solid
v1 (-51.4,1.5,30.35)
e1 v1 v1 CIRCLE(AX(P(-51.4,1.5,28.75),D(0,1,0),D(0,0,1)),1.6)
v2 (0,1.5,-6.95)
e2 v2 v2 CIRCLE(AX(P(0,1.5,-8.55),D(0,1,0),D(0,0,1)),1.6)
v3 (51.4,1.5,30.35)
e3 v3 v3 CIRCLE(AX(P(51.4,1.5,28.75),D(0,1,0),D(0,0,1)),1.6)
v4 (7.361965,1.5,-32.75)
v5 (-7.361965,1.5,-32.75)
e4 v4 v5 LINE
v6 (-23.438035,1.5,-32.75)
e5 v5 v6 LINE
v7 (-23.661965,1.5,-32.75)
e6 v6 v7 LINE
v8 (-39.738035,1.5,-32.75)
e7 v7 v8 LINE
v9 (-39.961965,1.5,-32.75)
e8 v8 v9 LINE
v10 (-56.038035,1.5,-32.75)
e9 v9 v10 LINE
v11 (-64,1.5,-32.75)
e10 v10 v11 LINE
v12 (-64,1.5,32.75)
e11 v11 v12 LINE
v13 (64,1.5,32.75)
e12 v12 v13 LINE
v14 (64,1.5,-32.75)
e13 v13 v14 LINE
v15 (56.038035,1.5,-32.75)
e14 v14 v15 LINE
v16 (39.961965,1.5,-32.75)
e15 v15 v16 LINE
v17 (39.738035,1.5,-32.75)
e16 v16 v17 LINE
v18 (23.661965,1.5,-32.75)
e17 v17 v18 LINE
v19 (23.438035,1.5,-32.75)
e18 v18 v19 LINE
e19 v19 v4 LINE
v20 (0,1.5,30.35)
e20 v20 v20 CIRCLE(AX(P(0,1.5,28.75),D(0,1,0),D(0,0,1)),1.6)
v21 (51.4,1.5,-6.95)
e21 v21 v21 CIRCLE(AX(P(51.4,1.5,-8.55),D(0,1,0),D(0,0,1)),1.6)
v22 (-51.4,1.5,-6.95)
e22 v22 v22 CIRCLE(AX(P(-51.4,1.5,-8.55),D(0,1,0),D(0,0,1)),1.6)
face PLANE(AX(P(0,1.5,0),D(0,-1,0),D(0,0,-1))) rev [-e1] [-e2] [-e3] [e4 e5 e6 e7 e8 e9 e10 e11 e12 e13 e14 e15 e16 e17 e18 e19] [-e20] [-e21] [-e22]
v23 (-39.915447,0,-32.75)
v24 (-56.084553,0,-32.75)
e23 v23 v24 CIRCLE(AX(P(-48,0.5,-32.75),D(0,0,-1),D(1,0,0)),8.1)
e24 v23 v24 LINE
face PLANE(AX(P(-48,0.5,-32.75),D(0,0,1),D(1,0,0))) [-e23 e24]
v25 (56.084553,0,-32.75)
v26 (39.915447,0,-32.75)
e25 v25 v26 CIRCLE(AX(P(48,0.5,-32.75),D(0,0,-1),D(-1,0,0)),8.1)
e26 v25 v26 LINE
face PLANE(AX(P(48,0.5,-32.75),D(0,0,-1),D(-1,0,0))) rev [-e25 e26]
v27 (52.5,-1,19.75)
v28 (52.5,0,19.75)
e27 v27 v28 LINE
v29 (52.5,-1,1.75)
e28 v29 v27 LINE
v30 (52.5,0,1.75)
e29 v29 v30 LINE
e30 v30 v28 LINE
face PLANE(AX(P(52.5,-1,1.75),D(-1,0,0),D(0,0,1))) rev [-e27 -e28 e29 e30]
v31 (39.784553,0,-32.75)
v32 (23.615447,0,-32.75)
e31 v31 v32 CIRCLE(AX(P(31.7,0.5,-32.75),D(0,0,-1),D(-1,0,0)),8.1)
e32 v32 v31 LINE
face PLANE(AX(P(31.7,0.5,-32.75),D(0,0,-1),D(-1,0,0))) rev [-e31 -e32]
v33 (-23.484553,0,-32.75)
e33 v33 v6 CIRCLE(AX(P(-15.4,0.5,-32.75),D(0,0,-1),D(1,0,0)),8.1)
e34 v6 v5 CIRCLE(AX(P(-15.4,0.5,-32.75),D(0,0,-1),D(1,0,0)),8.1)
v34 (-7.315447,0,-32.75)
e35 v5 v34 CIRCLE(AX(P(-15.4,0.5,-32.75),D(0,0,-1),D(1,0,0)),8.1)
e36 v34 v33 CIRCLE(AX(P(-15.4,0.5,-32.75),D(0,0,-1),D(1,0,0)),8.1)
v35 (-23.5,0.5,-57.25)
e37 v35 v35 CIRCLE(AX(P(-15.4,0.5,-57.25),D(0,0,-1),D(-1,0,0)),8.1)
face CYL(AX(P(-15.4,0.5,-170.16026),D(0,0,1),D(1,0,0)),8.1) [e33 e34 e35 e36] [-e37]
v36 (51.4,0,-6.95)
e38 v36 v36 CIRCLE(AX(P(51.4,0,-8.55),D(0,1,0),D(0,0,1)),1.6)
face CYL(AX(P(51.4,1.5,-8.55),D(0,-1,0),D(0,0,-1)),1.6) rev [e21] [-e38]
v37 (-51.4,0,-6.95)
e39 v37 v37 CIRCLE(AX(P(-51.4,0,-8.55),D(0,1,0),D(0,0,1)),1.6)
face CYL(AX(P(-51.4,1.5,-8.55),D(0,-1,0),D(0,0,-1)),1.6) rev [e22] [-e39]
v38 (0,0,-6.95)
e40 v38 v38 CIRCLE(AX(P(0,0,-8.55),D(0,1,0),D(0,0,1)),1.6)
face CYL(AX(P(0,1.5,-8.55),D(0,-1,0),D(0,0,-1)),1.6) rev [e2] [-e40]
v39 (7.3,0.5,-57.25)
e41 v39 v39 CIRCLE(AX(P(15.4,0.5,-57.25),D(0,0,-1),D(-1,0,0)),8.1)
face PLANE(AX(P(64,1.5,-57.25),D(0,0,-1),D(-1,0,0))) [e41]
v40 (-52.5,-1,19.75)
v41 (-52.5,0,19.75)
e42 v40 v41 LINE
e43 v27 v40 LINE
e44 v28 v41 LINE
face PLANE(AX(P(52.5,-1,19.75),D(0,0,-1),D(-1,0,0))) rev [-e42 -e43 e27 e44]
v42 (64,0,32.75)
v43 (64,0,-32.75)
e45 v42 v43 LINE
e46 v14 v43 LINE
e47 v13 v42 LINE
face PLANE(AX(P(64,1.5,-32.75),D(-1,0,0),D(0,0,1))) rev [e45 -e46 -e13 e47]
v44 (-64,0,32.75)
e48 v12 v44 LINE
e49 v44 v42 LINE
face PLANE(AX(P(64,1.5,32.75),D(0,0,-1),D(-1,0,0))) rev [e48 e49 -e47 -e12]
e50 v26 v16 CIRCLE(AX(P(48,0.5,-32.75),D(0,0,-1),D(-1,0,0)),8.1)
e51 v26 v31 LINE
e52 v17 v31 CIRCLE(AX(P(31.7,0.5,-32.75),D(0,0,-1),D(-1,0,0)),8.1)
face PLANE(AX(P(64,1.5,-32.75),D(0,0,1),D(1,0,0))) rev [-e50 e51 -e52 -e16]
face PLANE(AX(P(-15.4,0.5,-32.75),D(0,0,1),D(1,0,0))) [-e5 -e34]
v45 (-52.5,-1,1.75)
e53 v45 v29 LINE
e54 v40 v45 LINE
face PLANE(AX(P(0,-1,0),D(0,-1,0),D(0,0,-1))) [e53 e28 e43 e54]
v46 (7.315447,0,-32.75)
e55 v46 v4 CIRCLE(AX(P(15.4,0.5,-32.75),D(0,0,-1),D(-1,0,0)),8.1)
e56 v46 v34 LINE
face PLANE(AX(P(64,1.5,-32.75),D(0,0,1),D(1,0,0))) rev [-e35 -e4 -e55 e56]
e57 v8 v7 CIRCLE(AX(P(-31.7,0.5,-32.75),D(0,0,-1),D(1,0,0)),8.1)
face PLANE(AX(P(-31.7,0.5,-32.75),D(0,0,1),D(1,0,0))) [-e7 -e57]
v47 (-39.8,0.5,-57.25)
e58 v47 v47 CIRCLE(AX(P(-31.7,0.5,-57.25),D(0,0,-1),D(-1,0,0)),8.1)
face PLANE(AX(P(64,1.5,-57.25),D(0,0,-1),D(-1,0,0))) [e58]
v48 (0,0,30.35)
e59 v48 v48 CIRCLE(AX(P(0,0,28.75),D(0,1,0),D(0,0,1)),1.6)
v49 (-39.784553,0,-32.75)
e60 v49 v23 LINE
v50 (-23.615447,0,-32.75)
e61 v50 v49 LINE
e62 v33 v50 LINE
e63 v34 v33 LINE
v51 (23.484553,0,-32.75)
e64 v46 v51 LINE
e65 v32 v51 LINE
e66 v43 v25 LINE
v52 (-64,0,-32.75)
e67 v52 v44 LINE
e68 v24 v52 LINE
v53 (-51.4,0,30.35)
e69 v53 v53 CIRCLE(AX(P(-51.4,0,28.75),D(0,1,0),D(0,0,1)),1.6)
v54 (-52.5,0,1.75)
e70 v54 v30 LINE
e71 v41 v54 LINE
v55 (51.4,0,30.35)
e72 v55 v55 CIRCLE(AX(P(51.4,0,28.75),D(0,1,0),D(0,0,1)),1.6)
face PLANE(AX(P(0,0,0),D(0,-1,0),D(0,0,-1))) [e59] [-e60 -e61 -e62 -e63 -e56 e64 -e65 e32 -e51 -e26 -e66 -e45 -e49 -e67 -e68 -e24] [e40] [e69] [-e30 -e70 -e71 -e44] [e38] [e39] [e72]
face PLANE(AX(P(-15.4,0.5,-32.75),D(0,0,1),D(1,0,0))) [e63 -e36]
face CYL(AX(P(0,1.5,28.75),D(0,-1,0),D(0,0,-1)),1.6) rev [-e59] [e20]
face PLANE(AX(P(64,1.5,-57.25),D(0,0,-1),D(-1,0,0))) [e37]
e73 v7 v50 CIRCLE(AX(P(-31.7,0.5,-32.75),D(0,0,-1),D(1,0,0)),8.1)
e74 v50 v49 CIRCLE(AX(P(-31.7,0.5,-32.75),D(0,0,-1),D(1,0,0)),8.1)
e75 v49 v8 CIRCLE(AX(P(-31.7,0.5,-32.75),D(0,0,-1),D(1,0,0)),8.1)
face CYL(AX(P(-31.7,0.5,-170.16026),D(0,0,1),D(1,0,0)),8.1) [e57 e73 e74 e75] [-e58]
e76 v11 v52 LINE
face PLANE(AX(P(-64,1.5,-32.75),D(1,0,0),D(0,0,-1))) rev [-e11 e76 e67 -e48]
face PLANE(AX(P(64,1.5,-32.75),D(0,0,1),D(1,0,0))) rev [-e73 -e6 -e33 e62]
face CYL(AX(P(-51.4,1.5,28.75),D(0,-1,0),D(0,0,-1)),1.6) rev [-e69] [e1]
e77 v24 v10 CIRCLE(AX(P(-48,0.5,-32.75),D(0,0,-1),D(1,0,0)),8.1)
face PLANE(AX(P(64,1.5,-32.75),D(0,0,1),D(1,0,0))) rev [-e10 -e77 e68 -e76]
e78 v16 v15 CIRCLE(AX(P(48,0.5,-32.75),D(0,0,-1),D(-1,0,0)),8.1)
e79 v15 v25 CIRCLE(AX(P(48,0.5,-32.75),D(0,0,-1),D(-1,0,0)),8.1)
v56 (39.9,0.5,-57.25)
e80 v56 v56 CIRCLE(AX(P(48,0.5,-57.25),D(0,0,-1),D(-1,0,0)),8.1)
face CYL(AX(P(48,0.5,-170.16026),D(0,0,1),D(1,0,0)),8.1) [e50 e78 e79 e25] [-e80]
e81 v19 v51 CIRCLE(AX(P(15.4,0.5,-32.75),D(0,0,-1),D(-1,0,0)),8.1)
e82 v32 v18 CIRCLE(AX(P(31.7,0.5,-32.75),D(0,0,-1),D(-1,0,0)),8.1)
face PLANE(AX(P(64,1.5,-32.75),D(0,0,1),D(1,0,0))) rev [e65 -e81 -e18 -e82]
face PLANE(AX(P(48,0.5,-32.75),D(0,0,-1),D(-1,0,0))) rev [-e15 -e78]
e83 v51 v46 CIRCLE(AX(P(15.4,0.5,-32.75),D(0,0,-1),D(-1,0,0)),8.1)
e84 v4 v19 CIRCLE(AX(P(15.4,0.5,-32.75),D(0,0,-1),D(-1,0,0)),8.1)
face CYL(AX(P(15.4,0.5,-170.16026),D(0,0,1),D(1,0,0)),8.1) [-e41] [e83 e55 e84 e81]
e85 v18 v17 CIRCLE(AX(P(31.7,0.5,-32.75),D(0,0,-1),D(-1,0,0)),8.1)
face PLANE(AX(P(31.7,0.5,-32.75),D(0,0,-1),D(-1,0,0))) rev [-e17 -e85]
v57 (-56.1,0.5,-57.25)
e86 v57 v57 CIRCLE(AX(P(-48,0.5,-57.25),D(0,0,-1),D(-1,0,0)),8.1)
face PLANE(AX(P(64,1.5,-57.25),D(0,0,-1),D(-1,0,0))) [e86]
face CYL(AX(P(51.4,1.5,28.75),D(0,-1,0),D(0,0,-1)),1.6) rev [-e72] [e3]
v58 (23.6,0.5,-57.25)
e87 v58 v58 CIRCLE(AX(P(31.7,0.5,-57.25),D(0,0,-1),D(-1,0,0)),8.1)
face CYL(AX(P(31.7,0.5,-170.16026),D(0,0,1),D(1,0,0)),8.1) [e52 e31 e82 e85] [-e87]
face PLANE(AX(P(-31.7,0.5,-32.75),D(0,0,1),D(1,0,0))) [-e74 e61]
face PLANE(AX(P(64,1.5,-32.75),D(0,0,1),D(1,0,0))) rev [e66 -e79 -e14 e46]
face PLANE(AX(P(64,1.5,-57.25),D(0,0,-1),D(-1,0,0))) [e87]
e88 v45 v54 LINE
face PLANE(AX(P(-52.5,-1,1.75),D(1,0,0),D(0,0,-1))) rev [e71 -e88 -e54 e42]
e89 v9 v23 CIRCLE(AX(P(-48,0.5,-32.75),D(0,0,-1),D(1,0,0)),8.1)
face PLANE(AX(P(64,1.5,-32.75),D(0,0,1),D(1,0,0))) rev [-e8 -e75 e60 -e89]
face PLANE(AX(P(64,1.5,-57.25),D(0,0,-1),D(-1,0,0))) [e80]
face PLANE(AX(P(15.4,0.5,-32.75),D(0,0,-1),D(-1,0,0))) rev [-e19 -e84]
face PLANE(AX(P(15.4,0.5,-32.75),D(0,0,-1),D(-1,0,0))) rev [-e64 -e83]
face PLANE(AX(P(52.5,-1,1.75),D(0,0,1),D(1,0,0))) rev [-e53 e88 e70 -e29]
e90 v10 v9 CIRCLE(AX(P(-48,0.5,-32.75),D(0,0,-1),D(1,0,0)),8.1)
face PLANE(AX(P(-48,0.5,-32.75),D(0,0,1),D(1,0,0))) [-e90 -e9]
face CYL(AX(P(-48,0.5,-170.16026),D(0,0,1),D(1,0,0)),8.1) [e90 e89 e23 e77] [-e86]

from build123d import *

# Parameters (mm, degrees)
SKETCH1_W           = 128
SKETCH1_H           = 65.5
BOSS_EXTRUDE1_DEPTH = 1.5
SKETCH2_R           = 1.6
CUT_EXTRUDE2_DEPTH  = 72.908361823
SKETCH3_W           = 105
SKETCH3_H           = 18
BOSS_EXTRUDE2_DEPTH = 1
SKETCH4_R           = 8.1
BOSS_EXTRUDE4_DEPTH = 24.5


with BuildPart() as part:
    # Sketch1 → Boss-Extrude1 (new body)
    with BuildSketch(Plane(origin=(0, 0, 0), x_dir=(1, 0, 0), z_dir=(0, 1, 0))):
        Rectangle(SKETCH1_W, SKETCH1_H)
    extrude(amount=BOSS_EXTRUDE1_DEPTH)

    # Sketch2 → Cut-Extrude2 (cut, through all)
    with BuildSketch(Plane(origin=(0, 0, 0), x_dir=(1, 0, 0), z_dir=(0, 1, 0))):
        with Locations(Location((-51.4, -28.75, 0), (0, 0, 270))):
            Circle(SKETCH2_R)
        with Locations(Location((0, -28.75, 0), (0, 0, 270))):
            Circle(SKETCH2_R)
        with Locations(Location((51.4, -28.75, 0), (0, 0, 270))):
            Circle(SKETCH2_R)
        with Locations(Location((-51.4, 8.55, 0), (0, 0, 270))):
            Circle(SKETCH2_R)
        with Locations(Location((0, 8.55, 0), (0, 0, 270))):
            Circle(SKETCH2_R)
        with Locations(Location((51.4, 8.55, 0), (0, 0, 270))):
            Circle(SKETCH2_R)
    extrude(amount=CUT_EXTRUDE2_DEPTH, mode=Mode.SUBTRACT)

    # Sketch3 → Boss-Extrude2 (add)
    with BuildSketch(Plane.XZ):
        with Locations((0, 10.75)):
            Rectangle(SKETCH3_W, SKETCH3_H)
    extrude(amount=BOSS_EXTRUDE2_DEPTH)

    # Sketch4 → Boss-Extrude4 (add)
    with BuildSketch(Plane(origin=(0, 0, -32.75), x_dir=(-1, 0, 0), z_dir=(0, 0, -1))):
        with Locations(Location((-48, 0.5, 0), (0, 0, 183.539026459))):
            Circle(SKETCH4_R)
        with Locations(Location((-31.7, 0.5, 0), (0, 0, 183.539026459))):
            Circle(SKETCH4_R)
        with Locations(Location((-15.4, 0.5, 0), (0, 0, 183.539026459))):
            Circle(SKETCH4_R)
        with Locations(Location((15.4, 0.5, 0), (0, 0, 183.539026459))):
            Circle(SKETCH4_R)
        with Locations(Location((31.7, 0.5, 0), (0, 0, 183.539026459))):
            Circle(SKETCH4_R)
        with Locations(Location((48, 0.5, 0), (0, 0, 183.539026459))):
            Circle(SKETCH4_R)
    extrude(amount=BOSS_EXTRUDE4_DEPTH)


solid = part.part
